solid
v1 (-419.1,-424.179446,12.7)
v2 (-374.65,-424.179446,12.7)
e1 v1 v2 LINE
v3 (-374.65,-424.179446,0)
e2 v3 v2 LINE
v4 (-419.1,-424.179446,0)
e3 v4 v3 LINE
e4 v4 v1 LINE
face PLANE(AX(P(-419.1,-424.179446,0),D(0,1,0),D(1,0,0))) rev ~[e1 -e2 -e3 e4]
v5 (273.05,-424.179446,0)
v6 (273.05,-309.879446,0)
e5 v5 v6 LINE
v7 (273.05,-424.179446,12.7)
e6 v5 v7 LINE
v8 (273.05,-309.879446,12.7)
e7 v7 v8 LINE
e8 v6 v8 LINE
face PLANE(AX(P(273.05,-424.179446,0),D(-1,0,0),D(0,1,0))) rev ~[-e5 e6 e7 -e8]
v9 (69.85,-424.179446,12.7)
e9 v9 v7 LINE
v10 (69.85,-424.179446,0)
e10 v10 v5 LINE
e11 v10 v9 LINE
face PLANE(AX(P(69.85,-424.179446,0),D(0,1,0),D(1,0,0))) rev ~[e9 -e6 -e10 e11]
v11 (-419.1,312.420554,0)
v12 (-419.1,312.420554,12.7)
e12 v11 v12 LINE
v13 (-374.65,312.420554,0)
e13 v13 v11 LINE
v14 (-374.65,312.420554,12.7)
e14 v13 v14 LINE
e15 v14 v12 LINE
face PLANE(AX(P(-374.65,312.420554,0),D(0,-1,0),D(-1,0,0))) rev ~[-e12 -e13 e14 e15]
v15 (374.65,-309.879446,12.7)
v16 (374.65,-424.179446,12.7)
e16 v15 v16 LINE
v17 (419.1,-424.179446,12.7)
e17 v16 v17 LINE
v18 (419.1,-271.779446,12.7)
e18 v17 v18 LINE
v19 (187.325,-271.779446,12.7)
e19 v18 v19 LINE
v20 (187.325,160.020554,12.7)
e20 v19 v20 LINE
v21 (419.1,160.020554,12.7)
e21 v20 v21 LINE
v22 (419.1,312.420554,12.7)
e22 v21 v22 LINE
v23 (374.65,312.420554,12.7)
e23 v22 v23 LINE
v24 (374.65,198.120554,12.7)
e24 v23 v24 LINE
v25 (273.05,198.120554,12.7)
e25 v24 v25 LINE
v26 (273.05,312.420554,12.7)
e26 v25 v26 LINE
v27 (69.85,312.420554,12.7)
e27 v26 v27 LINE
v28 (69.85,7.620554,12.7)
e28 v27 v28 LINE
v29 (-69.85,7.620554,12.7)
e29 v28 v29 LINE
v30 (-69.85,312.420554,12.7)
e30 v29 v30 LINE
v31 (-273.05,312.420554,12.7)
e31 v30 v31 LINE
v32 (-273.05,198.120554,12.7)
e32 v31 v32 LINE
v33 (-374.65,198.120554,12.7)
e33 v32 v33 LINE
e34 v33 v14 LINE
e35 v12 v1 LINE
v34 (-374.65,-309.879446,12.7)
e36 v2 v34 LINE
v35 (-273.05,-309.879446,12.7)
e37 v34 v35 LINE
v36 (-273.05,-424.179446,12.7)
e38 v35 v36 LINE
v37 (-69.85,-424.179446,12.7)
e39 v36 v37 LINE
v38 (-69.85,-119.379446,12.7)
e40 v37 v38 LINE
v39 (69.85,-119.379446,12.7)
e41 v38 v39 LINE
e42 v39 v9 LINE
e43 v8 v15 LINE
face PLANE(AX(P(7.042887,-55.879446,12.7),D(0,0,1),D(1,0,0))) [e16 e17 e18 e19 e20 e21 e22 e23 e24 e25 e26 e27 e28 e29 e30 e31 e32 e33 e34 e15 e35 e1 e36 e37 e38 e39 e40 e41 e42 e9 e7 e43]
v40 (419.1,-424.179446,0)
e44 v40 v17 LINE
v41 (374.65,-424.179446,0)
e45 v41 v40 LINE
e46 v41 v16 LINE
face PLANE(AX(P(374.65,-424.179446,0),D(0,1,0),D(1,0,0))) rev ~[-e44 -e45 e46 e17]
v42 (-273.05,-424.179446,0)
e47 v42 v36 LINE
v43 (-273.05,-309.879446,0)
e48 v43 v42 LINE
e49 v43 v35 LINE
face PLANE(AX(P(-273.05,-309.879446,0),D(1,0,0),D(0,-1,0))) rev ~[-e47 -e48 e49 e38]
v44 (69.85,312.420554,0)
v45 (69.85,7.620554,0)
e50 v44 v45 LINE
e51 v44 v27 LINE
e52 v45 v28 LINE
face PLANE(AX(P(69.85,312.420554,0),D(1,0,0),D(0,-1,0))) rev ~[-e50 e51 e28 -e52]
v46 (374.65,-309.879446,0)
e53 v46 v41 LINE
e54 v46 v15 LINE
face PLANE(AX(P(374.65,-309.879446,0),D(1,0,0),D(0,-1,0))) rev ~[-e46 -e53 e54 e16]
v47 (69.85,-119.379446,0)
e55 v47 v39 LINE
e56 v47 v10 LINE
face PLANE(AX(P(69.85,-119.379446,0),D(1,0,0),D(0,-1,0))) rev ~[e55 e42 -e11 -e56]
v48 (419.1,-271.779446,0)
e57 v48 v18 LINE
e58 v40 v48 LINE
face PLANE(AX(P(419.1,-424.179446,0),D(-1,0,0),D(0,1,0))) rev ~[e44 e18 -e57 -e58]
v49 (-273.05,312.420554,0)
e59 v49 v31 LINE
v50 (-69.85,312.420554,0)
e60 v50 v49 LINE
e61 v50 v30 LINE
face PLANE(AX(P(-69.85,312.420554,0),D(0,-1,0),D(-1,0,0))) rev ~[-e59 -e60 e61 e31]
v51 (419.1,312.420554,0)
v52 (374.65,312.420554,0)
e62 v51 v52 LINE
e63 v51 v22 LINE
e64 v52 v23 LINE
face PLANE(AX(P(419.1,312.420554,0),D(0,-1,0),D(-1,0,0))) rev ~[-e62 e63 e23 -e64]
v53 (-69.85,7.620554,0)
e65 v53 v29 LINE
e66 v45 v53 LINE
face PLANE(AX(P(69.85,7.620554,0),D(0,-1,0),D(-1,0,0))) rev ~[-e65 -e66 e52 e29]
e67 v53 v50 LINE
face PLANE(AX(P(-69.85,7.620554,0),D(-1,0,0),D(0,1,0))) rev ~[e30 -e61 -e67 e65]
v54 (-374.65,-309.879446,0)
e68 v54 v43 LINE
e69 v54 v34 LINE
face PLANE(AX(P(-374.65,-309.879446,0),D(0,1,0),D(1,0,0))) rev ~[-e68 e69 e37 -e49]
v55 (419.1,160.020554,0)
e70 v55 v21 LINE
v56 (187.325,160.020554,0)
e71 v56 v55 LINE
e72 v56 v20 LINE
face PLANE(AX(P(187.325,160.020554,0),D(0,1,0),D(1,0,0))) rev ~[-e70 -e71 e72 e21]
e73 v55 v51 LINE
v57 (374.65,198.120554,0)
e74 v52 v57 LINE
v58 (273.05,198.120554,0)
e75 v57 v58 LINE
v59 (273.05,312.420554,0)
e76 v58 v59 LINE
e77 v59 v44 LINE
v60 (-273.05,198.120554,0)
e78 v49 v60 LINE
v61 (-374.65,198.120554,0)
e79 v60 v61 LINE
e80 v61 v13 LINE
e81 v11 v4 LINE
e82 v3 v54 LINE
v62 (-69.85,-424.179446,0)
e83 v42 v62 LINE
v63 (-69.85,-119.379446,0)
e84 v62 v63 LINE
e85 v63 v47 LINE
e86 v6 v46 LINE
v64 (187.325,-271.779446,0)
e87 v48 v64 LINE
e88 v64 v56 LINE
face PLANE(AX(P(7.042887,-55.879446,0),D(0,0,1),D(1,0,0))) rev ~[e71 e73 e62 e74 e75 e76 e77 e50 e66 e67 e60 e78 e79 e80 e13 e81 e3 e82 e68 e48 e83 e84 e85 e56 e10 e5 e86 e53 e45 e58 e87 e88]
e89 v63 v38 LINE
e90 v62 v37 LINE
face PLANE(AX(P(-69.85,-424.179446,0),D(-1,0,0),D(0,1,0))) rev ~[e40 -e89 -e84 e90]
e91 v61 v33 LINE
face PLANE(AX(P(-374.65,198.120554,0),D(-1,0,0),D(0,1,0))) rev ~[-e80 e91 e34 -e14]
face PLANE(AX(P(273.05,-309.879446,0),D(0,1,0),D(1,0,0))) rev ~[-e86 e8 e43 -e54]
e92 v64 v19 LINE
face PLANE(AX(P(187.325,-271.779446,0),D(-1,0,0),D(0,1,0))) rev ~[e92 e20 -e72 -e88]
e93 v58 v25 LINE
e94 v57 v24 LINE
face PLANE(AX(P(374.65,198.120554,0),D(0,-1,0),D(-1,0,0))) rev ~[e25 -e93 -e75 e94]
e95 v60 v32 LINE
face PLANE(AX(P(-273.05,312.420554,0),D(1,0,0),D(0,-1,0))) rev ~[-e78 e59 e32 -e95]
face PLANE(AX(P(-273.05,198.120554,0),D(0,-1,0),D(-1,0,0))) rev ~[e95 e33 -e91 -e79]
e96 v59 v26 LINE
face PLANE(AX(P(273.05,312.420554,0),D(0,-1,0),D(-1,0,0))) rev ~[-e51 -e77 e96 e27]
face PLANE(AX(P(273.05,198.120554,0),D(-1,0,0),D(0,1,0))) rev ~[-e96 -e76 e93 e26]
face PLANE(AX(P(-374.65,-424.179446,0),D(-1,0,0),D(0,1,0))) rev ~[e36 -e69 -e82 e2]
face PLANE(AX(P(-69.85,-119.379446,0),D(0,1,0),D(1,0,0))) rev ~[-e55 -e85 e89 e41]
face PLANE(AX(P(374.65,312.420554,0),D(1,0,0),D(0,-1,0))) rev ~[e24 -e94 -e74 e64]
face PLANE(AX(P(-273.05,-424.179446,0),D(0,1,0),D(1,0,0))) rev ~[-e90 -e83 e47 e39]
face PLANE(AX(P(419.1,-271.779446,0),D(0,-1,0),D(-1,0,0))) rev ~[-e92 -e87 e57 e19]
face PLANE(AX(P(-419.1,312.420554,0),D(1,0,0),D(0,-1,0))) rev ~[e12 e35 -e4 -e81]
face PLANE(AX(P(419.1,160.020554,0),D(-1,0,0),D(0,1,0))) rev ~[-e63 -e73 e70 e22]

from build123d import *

# Parameters (mm, degrees)
F1_DEPTH = 12.7


with BuildPart() as f1:
    # F0 (on Top) → F1 (new body)
    with BuildSketch(Plane.XY):
        Polygon((187.325, -271.779446), (187.325, 160.020554), (419.1, 160.020554), (419.1, 312.420554), (374.65, 312.420554), (374.65, 198.120554), (273.05, 198.120554), (273.05, 312.420554), (69.85, 312.420554), (69.85, 7.620554), (-69.85, 7.620554), (-69.85, 312.420554), (-273.05, 312.420554), (-273.05, 198.120554), (-374.65, 198.120554), (-374.65, 312.420554), (-419.1, 312.420554), (-419.1, -424.179446), (-374.65, -424.179446), (-374.65, -309.879446), (-273.05, -309.879446), (-273.05, -424.179446), (-69.85, -424.179446), (-69.85, -119.379446), (69.85, -119.379446), (69.85, -424.179446), (273.05, -424.179446), (273.05, -309.879446), (374.65, -309.879446), (374.65, -424.179446), (419.1, -424.179446), (419.1, -271.779446), align=None)
    extrude(amount=F1_DEPTH)


solid = f1.part
